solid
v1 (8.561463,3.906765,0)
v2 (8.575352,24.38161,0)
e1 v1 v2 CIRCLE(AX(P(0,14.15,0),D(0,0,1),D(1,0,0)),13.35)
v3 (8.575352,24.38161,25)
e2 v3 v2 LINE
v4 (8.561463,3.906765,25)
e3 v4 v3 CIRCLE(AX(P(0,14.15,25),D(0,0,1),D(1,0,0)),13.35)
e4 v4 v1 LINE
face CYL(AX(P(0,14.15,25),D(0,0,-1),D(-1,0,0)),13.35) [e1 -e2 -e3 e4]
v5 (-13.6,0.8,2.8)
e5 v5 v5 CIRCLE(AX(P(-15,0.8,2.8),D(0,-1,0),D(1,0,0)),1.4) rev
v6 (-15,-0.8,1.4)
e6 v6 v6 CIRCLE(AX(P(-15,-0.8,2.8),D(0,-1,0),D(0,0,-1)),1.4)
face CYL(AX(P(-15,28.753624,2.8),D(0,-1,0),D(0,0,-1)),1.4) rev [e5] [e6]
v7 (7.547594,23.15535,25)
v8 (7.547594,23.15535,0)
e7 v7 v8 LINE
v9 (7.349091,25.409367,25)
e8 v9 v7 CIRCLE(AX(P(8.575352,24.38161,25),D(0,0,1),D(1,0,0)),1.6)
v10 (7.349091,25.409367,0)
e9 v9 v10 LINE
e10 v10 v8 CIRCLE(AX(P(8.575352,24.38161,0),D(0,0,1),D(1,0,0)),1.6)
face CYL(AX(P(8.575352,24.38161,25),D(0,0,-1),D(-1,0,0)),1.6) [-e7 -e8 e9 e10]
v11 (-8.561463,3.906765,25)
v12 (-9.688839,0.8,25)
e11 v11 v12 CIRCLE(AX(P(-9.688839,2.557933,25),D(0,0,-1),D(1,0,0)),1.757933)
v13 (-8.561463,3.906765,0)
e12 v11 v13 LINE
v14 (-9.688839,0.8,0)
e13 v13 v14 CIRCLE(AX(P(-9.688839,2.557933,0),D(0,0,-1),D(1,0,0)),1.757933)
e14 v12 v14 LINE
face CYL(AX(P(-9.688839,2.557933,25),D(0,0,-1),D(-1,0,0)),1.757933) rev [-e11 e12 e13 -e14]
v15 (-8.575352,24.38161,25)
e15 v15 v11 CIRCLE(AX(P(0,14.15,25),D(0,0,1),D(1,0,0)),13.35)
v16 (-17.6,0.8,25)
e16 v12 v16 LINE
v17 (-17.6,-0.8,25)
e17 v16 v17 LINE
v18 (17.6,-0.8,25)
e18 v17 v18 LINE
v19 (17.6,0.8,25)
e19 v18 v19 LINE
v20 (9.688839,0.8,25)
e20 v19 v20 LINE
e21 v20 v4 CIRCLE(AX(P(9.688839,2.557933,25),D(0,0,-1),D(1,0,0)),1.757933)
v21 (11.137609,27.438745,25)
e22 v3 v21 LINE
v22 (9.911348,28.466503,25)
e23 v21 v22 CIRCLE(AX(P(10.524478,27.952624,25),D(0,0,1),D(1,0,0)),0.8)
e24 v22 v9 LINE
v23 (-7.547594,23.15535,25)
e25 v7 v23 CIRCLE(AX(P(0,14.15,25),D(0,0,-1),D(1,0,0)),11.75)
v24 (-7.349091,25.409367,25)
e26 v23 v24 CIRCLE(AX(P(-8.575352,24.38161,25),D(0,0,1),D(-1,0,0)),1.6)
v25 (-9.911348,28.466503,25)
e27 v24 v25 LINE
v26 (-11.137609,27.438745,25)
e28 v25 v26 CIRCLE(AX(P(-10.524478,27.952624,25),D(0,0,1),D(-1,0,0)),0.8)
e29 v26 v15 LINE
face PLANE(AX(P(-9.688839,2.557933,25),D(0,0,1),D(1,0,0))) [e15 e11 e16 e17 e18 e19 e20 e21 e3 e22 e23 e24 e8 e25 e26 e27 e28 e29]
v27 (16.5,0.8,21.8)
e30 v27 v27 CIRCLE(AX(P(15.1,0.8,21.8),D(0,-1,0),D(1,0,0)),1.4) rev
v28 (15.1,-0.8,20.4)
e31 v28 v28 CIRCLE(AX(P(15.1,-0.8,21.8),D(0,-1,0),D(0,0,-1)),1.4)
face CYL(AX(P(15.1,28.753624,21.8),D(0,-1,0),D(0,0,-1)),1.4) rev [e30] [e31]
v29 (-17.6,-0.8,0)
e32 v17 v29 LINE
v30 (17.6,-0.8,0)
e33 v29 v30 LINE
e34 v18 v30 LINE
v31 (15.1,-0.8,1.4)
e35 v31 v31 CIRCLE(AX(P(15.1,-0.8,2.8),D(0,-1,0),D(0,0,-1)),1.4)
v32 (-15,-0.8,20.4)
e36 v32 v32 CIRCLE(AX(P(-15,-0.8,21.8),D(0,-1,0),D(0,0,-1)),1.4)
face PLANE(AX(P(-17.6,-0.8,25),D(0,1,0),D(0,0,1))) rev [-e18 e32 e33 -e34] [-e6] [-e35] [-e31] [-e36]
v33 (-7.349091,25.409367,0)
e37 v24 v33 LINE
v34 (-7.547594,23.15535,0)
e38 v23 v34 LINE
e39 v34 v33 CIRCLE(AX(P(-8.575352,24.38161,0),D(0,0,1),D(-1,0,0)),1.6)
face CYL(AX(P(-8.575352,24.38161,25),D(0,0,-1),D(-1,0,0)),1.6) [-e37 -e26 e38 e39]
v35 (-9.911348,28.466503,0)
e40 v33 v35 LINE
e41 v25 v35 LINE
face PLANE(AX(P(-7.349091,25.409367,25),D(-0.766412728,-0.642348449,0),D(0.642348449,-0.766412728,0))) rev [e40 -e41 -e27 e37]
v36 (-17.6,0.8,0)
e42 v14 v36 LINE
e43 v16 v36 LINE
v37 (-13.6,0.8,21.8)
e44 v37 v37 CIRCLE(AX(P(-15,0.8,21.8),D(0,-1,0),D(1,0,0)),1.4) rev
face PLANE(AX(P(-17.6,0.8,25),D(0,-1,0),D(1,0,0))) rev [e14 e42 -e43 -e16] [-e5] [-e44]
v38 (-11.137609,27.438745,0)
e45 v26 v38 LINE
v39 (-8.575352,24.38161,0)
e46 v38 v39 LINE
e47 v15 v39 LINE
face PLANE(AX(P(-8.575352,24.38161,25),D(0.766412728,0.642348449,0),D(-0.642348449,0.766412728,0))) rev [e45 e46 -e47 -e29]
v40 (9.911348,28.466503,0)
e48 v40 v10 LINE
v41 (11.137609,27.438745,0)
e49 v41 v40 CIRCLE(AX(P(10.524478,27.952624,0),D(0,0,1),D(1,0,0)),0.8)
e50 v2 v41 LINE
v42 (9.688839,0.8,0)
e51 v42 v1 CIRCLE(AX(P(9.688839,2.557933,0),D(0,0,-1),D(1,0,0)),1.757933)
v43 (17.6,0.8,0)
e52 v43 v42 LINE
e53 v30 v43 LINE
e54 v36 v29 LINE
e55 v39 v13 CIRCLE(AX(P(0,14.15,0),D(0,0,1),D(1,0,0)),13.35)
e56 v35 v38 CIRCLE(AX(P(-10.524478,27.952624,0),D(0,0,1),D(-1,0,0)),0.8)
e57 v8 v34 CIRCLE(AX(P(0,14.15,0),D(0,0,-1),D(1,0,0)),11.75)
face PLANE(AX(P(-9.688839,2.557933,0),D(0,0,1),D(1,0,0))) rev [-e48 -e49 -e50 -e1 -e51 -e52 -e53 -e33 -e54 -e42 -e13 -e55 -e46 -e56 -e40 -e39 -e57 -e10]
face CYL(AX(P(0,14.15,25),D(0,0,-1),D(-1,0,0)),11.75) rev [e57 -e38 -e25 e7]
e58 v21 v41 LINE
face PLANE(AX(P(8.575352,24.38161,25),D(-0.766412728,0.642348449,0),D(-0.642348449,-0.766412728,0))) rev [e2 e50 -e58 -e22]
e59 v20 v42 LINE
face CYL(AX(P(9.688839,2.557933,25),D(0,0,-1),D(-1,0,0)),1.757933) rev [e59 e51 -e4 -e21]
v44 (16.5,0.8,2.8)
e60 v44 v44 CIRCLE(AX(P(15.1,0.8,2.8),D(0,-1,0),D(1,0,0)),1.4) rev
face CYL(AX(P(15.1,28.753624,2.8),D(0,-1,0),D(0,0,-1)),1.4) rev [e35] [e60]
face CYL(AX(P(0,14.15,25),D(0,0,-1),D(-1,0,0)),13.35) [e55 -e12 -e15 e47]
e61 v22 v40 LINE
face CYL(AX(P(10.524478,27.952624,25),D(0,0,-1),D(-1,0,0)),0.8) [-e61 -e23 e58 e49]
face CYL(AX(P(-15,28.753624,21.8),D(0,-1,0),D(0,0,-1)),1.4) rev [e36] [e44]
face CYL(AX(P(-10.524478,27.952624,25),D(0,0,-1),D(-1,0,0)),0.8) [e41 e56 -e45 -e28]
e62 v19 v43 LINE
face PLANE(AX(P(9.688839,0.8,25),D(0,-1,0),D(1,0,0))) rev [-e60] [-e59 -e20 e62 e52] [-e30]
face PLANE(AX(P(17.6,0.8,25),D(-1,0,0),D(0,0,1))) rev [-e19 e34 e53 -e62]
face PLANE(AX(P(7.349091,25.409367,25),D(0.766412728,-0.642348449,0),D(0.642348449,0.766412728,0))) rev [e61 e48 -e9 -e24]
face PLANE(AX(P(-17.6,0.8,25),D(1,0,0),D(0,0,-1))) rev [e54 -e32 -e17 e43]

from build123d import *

# Parameters (mm, degrees)
BOSS_EXTRUDE1_DEPTH = 25
CUT_EXTRUDE1_REACH  = 31.553
SKETCH3_R           = 1.4


with BuildPart() as part:
    # Sketch1 → Boss-Extrude1 (new body)
    with BuildSketch(Plane.XY):
        with BuildLine():
            Line((-17.6, 0.8), (-9.688838924, 0.8))
            ThreePointArc((-9.688838924, 0.8), (-8.036343261, 1.958278485), (-8.561462594, 3.906765244))
            ThreePointArc((-8.561462594, 3.906765244), (-13.349996928, 14.140943968), (-8.575351799, 24.381609919))
            Line((-8.575351799, 24.381609919), (-11.137608501, 27.438745265))
            ThreePointArc((-11.137608501, 27.438745265), (-11.038357078, 28.565754207), (-9.911348137, 28.466502784))
            Line((-9.911348137, 28.466502784), (-7.349091434, 25.409367438))
            ThreePointArc((-7.349091434, 25.409367438), (-6.981520468, 24.24124721), (-7.54759428, 23.155349554))
            ThreePointArc((-7.54759428, 23.155349554), (0, 2.4), (7.54759428, 23.155349554))
            ThreePointArc((7.54759428, 23.155349554), (6.981520468, 24.24124721), (7.349091434, 25.409367438))
            Line((7.349091434, 25.409367438), (9.911348137, 28.466502784))
            ThreePointArc((9.911348137, 28.466502784), (11.038357078, 28.565754207), (11.137608501, 27.438745265))
            Line((11.137608501, 27.438745265), (8.575351799, 24.381609919))
            ThreePointArc((8.575351799, 24.381609919), (13.349996928, 14.140943968), (8.561462594, 3.906765244))
            ThreePointArc((8.561462594, 3.906765244), (8.036343261, 1.958278485), (9.688838924, 0.8))
            Line((9.688838924, 0.8), (17.6, 0.8))
            Line((17.6, 0.8), (17.6, -0.8))
            Line((17.6, -0.8), (-17.6, -0.8))
            Line((-17.6, -0.8), (-17.6, 0.8))
        make_face()
    extrude(amount=BOSS_EXTRUDE1_DEPTH)

    # Sketch3 → Cut-Extrude1 (cut, up to next)
    with BuildSketch(Plane.XZ.offset(0.8), mode=Mode.PRIVATE) as cut_extrude1_sk1:
        with Locations((-15, 21.8)):
            Circle(SKETCH3_R)
    cut_extrude1_tool1 = extrude(cut_extrude1_sk1.sketch, amount=-CUT_EXTRUDE1_REACH, mode=Mode.PRIVATE) & part.part
    add(cut_extrude1_tool1.solids().sort_by_distance((-15, -0.8, 21.8))[0], mode=Mode.SUBTRACT)
    # Sketch3 → Cut-Extrude1 (cut, up to next)
    with BuildSketch(Plane.XZ.offset(0.8), mode=Mode.PRIVATE) as cut_extrude1_sk2:
        with Locations((15.1, 21.8)):
            Circle(SKETCH3_R)
    cut_extrude1_tool2 = extrude(cut_extrude1_sk2.sketch, amount=-CUT_EXTRUDE1_REACH, mode=Mode.PRIVATE) & part.part
    add(cut_extrude1_tool2.solids().sort_by_distance((15.1, -0.8, 21.8))[0], mode=Mode.SUBTRACT)
    # Sketch3 → Cut-Extrude1 (cut, up to next)
    with BuildSketch(Plane.XZ.offset(0.8), mode=Mode.PRIVATE) as cut_extrude1_sk3:
        with Locations((-15, 2.8)):
            Circle(SKETCH3_R)
    cut_extrude1_tool3 = extrude(cut_extrude1_sk3.sketch, amount=-CUT_EXTRUDE1_REACH, mode=Mode.PRIVATE) & part.part
    add(cut_extrude1_tool3.solids().sort_by_distance((-15, -0.8, 2.8))[0], mode=Mode.SUBTRACT)
    # Sketch3 → Cut-Extrude1 (cut, up to next)
    with BuildSketch(Plane.XZ.offset(0.8), mode=Mode.PRIVATE) as cut_extrude1_sk4:
        with Locations((15.1, 2.8)):
            Circle(SKETCH3_R)
    cut_extrude1_tool4 = extrude(cut_extrude1_sk4.sketch, amount=-CUT_EXTRUDE1_REACH, mode=Mode.PRIVATE) & part.part
    add(cut_extrude1_tool4.solids().sort_by_distance((15.1, -0.8, 2.8))[0], mode=Mode.SUBTRACT)


solid = part.part
